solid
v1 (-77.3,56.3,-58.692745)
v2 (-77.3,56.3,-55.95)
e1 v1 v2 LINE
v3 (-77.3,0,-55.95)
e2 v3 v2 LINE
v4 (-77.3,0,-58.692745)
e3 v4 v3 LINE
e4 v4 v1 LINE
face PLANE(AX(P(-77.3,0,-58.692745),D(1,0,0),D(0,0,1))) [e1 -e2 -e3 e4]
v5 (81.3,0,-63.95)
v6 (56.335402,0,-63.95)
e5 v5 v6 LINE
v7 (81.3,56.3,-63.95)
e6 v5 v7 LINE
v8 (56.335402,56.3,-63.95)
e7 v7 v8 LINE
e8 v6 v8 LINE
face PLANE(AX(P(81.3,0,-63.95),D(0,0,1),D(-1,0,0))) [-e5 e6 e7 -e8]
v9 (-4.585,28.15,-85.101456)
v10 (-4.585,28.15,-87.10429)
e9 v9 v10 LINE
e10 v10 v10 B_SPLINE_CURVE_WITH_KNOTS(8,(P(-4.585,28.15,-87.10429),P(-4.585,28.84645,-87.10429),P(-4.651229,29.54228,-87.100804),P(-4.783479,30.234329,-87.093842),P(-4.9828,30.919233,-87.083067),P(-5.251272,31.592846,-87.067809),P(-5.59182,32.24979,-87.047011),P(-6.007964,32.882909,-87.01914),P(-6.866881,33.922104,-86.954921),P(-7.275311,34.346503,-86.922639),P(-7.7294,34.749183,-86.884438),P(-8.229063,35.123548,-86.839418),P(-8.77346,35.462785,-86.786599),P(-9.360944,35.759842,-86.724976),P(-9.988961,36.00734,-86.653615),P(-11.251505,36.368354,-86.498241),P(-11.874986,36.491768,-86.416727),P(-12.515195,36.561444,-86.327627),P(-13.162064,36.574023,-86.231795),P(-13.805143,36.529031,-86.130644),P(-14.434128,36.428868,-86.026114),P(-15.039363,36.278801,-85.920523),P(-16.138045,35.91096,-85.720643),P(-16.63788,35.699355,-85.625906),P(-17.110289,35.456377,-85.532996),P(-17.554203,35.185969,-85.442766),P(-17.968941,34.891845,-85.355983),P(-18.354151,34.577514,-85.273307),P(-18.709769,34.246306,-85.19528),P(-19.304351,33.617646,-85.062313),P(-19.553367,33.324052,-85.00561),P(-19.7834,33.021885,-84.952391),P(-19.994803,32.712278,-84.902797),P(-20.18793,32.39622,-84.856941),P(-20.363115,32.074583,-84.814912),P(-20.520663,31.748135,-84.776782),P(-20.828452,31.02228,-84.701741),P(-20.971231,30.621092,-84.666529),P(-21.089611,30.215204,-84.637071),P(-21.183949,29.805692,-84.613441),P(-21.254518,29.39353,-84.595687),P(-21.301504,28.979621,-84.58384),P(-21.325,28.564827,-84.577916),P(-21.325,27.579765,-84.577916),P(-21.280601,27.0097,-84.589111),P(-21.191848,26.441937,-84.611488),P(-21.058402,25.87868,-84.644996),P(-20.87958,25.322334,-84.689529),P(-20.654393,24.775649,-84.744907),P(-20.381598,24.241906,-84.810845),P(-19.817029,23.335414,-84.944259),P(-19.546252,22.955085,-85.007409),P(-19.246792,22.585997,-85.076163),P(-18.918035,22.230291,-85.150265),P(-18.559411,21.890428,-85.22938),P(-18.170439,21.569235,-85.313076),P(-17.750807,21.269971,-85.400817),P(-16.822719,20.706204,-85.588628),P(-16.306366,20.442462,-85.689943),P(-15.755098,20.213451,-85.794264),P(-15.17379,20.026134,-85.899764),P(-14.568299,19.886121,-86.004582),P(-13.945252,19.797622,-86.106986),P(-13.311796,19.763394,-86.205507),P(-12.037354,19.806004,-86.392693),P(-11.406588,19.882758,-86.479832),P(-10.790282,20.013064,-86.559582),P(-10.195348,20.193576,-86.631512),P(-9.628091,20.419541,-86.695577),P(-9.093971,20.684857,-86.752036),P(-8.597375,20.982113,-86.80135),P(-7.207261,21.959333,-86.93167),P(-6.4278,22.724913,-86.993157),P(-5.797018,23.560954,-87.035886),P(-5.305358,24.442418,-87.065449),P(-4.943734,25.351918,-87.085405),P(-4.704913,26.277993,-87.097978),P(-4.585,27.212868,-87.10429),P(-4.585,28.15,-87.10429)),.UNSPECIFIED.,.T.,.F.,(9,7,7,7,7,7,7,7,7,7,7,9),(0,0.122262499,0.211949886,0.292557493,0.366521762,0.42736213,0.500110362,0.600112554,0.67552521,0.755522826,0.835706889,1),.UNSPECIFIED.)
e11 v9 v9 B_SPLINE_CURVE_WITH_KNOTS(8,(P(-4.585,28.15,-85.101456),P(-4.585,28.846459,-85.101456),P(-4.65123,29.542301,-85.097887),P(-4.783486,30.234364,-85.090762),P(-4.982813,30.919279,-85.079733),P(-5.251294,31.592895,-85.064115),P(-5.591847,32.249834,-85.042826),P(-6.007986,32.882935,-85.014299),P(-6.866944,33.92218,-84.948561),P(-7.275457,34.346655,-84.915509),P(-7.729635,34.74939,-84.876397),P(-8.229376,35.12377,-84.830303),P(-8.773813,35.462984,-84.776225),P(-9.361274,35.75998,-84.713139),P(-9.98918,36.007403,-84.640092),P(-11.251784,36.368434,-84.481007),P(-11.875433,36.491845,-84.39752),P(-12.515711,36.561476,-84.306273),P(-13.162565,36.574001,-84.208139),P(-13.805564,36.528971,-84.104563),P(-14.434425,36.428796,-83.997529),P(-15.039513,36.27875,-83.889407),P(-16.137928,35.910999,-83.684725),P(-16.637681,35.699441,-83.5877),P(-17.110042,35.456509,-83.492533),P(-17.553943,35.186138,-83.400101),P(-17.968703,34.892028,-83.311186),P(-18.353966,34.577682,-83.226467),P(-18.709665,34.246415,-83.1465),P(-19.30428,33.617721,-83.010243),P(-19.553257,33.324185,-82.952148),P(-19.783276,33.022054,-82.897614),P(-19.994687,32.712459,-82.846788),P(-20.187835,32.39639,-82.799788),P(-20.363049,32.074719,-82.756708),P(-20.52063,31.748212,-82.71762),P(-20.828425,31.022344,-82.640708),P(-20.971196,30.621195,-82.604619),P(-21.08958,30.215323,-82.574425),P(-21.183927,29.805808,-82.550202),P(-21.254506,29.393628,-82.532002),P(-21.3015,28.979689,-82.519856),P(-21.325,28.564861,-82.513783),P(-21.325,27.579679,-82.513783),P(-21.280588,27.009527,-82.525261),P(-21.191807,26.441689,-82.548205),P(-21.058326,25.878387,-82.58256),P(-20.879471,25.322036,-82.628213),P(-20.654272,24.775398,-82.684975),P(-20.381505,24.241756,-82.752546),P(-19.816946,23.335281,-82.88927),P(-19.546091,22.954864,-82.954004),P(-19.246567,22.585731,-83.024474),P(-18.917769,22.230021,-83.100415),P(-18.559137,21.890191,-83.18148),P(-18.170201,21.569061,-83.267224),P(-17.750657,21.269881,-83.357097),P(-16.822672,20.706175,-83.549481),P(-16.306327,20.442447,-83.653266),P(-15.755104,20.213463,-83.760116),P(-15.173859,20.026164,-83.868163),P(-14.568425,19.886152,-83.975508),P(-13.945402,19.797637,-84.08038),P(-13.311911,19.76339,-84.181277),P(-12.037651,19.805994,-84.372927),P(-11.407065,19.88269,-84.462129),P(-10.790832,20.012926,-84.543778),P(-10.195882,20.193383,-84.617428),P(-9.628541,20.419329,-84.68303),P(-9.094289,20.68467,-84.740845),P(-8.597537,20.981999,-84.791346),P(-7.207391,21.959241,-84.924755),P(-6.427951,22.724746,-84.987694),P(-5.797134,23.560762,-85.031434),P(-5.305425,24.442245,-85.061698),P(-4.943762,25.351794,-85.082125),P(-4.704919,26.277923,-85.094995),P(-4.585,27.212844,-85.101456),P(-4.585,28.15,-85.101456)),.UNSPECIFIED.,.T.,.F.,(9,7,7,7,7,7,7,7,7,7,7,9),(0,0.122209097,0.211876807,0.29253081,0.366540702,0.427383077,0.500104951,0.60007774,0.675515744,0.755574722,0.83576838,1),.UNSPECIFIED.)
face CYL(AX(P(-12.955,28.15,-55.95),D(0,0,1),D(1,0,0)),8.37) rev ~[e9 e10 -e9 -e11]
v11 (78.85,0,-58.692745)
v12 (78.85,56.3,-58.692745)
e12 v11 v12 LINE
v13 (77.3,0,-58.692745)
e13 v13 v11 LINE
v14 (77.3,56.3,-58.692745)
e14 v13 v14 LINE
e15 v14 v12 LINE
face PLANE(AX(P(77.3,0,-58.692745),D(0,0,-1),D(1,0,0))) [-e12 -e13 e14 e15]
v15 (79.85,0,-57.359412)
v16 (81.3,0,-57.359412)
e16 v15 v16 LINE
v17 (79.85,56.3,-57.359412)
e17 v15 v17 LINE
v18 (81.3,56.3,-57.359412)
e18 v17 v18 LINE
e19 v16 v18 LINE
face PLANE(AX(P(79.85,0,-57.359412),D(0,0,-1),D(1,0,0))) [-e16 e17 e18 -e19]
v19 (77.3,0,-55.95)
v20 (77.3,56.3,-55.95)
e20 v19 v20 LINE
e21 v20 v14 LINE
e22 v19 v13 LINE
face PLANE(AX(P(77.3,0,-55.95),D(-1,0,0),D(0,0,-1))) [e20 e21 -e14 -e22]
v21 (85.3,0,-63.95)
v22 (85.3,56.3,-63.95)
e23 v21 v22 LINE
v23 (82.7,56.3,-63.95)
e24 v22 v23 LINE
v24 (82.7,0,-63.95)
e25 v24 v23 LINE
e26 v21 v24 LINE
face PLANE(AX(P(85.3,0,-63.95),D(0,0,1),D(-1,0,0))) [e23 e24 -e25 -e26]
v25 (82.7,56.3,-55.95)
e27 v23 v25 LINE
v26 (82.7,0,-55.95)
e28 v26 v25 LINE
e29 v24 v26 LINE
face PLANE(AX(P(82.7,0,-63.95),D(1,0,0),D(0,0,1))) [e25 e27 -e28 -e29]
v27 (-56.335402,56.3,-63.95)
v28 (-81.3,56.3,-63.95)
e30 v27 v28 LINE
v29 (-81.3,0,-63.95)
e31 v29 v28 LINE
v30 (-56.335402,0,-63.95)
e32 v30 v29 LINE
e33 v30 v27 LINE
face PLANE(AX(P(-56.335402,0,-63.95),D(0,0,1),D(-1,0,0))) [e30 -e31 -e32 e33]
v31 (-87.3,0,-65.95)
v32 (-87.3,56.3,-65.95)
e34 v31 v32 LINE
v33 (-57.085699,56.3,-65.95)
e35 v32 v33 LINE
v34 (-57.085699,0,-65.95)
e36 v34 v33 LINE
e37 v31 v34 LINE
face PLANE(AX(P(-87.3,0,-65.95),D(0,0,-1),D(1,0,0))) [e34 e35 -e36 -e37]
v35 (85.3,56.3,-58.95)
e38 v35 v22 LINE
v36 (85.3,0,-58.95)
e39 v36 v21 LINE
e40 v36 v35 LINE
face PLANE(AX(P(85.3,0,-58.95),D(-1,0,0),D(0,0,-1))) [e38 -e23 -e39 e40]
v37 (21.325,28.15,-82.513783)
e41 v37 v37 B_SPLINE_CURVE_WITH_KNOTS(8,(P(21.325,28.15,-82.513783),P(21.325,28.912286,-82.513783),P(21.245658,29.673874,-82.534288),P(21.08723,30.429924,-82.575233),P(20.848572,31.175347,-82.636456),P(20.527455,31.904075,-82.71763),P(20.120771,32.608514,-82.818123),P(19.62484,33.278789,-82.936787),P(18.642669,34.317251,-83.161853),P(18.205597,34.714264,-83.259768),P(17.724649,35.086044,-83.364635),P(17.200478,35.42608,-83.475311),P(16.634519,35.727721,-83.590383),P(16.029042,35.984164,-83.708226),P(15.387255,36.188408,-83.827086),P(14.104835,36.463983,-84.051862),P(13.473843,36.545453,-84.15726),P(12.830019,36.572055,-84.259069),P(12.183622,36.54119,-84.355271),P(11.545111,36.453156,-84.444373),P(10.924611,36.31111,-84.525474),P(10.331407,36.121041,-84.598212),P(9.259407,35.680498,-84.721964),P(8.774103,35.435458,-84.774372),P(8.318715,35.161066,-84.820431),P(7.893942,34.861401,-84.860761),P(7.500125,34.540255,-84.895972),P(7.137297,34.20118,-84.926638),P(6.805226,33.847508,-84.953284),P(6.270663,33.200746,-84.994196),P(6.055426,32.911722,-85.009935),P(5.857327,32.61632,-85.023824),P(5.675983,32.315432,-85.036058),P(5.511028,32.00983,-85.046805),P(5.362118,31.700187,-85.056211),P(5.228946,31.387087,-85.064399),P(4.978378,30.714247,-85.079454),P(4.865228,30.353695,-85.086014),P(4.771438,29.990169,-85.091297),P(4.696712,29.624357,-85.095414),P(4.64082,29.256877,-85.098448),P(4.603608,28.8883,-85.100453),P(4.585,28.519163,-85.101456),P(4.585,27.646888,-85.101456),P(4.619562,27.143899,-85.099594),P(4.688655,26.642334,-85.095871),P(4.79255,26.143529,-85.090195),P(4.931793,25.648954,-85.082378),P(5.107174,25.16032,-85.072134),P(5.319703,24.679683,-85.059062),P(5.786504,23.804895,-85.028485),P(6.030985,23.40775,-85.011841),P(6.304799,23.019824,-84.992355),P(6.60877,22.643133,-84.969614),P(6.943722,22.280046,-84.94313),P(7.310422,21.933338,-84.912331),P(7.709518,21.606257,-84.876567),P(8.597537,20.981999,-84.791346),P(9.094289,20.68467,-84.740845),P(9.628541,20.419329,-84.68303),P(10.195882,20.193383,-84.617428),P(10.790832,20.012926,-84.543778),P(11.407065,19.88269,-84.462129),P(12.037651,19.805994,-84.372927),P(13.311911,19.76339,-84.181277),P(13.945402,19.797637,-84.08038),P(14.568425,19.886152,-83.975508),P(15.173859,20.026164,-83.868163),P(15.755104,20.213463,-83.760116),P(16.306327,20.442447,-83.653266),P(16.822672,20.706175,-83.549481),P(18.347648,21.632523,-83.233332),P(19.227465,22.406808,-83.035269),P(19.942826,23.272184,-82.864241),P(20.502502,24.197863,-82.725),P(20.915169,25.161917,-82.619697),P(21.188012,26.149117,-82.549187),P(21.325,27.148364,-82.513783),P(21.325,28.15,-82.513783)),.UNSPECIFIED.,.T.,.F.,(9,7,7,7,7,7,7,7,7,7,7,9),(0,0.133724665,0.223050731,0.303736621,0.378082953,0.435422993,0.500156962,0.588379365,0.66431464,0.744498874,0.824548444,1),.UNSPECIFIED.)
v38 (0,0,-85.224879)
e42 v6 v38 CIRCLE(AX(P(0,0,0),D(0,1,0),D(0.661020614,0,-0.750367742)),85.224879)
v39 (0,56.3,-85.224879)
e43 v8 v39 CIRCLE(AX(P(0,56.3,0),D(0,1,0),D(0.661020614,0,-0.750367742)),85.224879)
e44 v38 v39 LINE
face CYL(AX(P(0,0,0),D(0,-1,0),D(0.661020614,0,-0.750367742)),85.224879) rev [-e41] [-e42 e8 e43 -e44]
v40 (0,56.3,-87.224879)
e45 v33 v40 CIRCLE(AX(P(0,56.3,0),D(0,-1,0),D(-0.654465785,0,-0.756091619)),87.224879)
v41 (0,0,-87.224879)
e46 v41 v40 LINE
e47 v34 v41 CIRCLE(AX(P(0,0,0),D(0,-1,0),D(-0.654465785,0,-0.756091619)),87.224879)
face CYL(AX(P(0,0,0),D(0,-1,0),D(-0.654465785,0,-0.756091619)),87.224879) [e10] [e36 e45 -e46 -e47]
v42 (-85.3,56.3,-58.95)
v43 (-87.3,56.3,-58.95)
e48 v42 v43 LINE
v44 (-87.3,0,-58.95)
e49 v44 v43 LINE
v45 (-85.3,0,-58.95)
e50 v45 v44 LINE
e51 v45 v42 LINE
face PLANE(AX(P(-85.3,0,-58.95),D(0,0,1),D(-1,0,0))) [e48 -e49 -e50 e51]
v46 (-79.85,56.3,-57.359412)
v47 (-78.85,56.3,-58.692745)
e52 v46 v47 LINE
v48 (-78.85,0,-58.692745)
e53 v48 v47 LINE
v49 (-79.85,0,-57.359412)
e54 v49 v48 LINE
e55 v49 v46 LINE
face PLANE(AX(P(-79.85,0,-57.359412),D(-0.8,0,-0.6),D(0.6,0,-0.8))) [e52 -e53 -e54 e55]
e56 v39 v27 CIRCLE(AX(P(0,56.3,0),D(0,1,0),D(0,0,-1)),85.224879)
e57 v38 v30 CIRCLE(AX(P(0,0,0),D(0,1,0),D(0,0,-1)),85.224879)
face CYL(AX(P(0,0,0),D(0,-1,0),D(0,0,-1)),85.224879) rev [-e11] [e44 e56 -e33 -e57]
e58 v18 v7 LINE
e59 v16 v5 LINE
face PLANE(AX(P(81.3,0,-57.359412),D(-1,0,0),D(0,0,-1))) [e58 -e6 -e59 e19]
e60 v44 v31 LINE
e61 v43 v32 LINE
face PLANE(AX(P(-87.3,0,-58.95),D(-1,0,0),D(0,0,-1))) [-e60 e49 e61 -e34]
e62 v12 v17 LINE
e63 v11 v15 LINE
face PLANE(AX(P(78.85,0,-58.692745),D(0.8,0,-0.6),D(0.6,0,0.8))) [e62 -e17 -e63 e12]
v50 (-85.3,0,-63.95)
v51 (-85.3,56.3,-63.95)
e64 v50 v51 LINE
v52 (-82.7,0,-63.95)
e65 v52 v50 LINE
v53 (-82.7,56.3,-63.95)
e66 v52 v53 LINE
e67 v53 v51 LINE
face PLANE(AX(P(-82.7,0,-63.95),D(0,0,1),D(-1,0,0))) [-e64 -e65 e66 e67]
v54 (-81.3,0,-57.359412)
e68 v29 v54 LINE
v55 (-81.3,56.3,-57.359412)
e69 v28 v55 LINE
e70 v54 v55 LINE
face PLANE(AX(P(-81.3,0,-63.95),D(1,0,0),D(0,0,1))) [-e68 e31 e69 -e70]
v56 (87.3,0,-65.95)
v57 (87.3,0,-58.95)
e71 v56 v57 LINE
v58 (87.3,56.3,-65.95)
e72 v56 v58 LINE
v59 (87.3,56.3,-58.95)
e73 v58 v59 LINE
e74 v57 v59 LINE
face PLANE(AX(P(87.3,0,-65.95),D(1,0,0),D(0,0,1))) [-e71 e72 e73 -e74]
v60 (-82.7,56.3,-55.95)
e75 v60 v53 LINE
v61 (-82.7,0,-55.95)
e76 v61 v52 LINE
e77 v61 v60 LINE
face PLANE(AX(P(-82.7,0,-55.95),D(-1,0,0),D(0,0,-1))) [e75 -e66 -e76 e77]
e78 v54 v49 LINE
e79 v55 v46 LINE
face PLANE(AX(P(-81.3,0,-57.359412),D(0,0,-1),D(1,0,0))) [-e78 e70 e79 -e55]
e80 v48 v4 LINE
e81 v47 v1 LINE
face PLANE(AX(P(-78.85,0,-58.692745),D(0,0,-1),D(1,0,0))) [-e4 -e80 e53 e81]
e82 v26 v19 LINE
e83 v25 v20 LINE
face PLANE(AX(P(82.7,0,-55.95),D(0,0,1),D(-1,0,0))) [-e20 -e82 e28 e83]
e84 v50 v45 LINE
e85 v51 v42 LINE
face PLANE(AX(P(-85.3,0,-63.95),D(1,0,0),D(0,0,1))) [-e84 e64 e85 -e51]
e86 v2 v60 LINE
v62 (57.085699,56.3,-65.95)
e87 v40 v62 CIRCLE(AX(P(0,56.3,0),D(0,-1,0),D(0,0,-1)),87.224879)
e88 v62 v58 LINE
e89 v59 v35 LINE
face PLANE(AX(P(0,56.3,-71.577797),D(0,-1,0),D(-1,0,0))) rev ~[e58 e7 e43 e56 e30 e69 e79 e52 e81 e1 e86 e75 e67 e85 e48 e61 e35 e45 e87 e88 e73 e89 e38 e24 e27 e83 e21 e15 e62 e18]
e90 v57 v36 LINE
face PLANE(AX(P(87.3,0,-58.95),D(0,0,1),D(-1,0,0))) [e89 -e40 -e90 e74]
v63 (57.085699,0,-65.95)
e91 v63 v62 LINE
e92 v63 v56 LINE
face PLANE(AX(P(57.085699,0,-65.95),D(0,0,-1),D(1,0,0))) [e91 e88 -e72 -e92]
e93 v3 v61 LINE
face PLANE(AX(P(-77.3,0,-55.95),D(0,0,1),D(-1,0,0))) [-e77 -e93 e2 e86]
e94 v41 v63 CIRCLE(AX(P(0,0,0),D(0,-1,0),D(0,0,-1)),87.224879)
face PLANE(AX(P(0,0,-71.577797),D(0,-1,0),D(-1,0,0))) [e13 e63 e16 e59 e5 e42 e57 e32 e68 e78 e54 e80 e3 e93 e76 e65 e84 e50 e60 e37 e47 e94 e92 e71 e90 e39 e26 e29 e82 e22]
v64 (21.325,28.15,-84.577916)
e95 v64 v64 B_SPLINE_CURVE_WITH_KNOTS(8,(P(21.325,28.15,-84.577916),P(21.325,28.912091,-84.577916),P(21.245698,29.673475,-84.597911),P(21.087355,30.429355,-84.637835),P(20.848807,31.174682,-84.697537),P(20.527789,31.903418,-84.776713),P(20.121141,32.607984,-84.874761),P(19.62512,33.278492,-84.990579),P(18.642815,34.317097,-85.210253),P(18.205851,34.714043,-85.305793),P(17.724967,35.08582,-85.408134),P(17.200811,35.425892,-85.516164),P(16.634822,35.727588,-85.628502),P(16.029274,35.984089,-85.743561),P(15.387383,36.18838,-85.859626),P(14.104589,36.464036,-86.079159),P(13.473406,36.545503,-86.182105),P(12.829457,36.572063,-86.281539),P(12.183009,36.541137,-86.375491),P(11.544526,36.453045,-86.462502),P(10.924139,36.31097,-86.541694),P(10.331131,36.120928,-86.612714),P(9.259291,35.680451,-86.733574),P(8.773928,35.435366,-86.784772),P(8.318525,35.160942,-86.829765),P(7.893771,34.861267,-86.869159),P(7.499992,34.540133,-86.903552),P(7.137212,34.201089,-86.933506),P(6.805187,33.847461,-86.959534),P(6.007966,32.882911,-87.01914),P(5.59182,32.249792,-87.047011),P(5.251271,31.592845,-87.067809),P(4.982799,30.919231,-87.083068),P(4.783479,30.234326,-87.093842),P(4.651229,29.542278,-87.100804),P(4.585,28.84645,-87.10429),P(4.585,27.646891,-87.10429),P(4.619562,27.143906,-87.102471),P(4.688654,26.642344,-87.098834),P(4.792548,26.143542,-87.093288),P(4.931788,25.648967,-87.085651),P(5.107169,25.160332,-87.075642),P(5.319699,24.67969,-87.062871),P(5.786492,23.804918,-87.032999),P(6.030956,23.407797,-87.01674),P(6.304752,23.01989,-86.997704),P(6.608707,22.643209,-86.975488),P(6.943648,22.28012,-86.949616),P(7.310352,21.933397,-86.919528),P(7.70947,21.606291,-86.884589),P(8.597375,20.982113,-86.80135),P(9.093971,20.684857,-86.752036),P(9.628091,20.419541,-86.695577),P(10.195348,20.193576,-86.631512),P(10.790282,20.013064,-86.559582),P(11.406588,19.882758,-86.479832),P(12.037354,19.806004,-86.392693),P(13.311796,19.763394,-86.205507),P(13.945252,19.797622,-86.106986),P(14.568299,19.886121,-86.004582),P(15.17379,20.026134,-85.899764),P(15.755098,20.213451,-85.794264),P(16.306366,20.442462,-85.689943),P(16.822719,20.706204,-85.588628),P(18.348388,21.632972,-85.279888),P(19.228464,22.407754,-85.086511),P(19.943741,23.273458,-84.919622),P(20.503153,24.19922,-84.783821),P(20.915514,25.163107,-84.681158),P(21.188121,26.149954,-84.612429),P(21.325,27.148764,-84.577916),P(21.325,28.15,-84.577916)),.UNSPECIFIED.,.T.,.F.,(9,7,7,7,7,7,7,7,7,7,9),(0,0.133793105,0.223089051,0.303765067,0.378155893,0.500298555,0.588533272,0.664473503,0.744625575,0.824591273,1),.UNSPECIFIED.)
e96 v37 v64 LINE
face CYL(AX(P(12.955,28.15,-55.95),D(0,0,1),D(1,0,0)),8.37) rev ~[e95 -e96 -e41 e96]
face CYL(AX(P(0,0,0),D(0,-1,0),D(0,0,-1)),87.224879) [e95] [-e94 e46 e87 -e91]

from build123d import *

# Parameters (mm, degrees)
BOSS_EXTRUDE1_DEPTH = 56.3
SKETCH2_R           = 8.37
CUT_EXTRUDE1_DEPTH  = 109.485473941


with BuildPart() as part:
    # Sketch1 → Boss-Extrude1 (new body)
    with BuildSketch(Plane(origin=(0, 0, 0), x_dir=(1, 0, 0), z_dir=(0, 1, 0))):
        with BuildLine():
            Line((-85.3, 58.95), (-87.3, 58.95))
            Line((-87.3, 58.95), (-87.3, 65.95))
            Line((-87.3, 65.95), (-82, 65.95))
            Line((-82, 65.95), (-57.085698874, 65.95))
            ThreePointArc((-57.085698874, 65.95), (-30.460620038, 81.733286627), (0, 87.224878997))
            ThreePointArc((0, 87.224878997), (30.460620038, 81.733286627), (57.085698874, 65.95))
            Line((57.085698874, 65.95), (82, 65.95))
            Line((82, 65.95), (87.3, 65.95))
            Line((87.3, 65.95), (87.3, 58.95))
            Line((87.3, 58.95), (85.3, 58.95))
            Line((85.3, 58.95), (85.3, 63.95))
            Line((85.3, 63.95), (82.7, 63.95))
            Line((82.7, 63.95), (82.7, 55.95))
            Line((82.7, 55.95), (77.3, 55.95))
            Line((77.3, 55.95), (77.3, 58.692745098))
            Line((77.3, 58.692745098), (78.85, 58.692745098))
            Line((78.85, 58.692745098), (79.85, 57.359411765))
            Line((79.85, 57.359411765), (81.3, 57.359411765))
            Line((81.3, 57.359411765), (81.3, 63.95))
            Line((81.3, 63.95), (56.335401836, 63.95))
            ThreePointArc((56.335401836, 63.95), (30.109375518, 79.728950237), (0, 85.224878997))
            ThreePointArc((0, 85.224878997), (-30.109375518, 79.728950237), (-56.335401836, 63.95))
            Line((-56.335401836, 63.95), (-81.3, 63.95))
            Line((-81.3, 63.95), (-81.3, 57.359411765))
            Line((-81.3, 57.359411765), (-79.85, 57.359411765))
            Line((-79.85, 57.359411765), (-78.85, 58.692745098))
            Line((-78.85, 58.692745098), (-77.3, 58.692745098))
            Line((-77.3, 58.692745098), (-77.3, 55.95))
            Line((-77.3, 55.95), (-82.7, 55.95))
            Line((-82.7, 55.95), (-82.7, 63.95))
            Line((-82.7, 63.95), (-85.3, 63.95))
            Line((-85.3, 63.95), (-85.3, 58.95))
        make_face()
    extrude(amount=BOSS_EXTRUDE1_DEPTH)

    # Sketch2 → Cut-Extrude1 (cut, through all)
    with BuildSketch(Plane.XY.offset(-55.95)):
        with Locations((12.955, 28.15)):
            Circle(SKETCH2_R)
        with Locations((-12.955, 28.15)):
            Circle(SKETCH2_R)
    extrude(amount=-CUT_EXTRUDE1_DEPTH, mode=Mode.SUBTRACT)


solid = part.part
